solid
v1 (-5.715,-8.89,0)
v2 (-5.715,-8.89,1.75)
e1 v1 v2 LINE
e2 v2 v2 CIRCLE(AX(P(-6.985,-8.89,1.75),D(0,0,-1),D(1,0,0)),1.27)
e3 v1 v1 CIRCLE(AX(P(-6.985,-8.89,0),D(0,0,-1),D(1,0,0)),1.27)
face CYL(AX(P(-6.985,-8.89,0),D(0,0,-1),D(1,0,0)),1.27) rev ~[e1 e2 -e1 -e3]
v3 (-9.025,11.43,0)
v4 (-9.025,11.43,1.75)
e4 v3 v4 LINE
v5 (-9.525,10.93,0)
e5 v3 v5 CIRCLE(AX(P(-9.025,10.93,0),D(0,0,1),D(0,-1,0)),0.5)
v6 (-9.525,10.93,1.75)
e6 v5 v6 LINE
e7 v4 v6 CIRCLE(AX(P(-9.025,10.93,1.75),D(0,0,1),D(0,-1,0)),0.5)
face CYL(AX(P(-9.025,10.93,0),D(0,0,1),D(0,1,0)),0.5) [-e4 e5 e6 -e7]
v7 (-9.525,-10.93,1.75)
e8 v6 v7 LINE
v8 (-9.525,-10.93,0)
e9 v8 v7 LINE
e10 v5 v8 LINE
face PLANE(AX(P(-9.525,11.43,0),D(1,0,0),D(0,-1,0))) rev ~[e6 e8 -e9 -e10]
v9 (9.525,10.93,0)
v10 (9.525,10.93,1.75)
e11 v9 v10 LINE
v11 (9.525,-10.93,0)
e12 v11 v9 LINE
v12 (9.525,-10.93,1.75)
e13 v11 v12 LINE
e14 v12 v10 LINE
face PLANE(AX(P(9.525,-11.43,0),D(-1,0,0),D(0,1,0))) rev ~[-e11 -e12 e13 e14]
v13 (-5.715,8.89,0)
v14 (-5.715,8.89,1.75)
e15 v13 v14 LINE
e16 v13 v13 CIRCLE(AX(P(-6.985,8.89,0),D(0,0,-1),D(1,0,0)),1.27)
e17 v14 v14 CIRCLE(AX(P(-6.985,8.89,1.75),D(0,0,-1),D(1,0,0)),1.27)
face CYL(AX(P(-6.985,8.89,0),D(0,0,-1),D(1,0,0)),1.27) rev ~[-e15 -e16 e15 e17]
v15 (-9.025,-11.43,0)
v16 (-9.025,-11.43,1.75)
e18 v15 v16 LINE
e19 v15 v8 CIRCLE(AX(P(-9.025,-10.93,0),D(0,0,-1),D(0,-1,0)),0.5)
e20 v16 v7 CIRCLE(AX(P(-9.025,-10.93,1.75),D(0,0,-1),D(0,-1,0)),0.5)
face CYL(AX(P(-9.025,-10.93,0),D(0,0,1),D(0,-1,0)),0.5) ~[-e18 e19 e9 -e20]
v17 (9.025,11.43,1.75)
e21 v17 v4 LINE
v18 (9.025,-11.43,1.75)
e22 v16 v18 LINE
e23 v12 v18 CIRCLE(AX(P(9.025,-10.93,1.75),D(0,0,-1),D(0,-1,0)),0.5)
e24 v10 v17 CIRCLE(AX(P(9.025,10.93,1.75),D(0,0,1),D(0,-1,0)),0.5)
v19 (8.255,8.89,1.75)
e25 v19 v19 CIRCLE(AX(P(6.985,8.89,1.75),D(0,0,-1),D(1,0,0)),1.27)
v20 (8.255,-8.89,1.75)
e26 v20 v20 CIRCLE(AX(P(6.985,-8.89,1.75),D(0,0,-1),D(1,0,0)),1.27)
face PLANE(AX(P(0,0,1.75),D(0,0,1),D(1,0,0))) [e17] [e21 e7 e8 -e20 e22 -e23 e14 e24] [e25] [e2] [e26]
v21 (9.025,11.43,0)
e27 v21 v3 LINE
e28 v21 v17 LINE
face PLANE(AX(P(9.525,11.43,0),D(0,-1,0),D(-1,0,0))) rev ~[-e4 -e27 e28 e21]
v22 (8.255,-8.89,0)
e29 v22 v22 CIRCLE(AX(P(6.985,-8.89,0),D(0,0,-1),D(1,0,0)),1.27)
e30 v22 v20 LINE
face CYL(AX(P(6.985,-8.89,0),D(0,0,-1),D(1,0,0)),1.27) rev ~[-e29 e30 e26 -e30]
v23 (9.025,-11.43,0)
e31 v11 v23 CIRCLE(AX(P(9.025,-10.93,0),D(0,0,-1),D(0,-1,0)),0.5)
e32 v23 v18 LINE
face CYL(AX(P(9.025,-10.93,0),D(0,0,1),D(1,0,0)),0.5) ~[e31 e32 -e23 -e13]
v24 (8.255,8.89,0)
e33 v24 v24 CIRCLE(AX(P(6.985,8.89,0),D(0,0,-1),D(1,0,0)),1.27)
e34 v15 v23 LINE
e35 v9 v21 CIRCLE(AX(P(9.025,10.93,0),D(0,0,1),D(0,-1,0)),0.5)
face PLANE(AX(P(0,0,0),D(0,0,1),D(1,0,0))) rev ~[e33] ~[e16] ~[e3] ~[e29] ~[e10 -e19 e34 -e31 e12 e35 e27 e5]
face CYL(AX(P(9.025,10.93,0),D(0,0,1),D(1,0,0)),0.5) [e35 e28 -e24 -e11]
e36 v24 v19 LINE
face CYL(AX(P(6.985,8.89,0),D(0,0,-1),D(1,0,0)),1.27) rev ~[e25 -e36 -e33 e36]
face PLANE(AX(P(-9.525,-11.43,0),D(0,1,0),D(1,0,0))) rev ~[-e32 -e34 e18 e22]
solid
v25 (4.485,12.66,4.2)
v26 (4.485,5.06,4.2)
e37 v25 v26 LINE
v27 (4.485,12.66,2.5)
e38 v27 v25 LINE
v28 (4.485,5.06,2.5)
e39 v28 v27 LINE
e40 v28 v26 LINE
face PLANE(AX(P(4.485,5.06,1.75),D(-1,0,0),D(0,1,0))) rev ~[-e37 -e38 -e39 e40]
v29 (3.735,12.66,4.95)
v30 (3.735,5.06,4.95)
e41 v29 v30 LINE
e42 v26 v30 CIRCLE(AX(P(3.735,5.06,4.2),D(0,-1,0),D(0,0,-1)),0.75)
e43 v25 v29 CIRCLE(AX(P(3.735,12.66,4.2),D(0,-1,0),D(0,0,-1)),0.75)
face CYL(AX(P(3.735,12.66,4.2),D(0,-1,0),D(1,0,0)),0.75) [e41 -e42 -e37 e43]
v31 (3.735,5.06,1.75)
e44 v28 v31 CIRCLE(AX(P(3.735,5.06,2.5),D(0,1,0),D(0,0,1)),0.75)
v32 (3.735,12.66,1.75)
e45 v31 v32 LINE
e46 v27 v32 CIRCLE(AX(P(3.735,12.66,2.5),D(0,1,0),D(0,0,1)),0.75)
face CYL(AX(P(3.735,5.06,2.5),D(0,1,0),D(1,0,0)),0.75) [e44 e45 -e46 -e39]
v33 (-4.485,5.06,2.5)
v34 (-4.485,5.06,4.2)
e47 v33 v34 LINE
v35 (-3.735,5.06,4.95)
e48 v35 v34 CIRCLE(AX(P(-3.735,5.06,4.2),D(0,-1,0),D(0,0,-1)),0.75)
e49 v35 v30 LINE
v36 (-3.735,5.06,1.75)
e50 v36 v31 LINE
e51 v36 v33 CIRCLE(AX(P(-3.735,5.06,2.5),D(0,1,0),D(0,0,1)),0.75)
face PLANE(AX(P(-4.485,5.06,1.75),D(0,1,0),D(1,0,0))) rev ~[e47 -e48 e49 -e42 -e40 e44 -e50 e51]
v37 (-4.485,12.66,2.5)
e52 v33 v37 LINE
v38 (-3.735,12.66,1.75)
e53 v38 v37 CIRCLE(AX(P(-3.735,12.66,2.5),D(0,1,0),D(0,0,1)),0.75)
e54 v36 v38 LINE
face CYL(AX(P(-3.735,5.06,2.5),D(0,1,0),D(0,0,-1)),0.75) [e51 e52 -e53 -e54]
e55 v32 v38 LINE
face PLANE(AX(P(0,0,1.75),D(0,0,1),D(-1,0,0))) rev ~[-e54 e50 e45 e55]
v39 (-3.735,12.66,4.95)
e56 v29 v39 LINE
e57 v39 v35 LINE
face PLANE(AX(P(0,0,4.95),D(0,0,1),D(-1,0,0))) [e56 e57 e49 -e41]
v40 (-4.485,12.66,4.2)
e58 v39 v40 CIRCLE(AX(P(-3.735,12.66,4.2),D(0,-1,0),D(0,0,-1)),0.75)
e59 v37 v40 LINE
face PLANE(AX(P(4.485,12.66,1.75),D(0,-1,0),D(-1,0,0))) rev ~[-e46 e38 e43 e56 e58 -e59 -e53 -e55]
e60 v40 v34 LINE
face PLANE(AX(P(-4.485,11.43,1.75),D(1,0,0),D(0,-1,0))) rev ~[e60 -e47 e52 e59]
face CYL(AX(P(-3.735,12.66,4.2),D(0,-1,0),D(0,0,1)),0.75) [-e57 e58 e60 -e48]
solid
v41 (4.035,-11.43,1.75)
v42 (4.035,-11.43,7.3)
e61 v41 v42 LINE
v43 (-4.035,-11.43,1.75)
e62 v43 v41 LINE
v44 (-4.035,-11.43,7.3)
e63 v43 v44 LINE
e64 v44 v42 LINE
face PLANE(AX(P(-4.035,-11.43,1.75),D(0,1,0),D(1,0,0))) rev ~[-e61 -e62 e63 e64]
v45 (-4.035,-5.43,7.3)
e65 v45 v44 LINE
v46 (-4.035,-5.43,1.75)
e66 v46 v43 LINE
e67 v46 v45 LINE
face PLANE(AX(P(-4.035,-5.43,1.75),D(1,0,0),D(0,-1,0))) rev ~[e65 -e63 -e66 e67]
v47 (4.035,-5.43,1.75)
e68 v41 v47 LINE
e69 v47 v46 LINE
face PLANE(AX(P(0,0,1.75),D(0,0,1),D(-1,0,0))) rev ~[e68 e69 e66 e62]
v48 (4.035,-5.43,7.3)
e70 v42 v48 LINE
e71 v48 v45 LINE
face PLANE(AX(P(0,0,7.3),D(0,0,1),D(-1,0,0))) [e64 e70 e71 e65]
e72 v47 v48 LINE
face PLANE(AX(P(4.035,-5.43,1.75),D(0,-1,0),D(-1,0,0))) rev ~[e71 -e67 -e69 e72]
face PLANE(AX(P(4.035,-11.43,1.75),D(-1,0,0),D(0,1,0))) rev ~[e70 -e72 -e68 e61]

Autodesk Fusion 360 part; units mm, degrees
sketch "Sketch1" plane through (0, 0, 0) normal (0, 0, 1) x (1, 0, 0)
  line L0 (9.525, 11.43) -> (-9.525, 11.43)
  line L1 (-9.525, 11.43) -> (-9.525, -11.43)
  line L2 (-9.525, -11.43) -> (9.525, -11.43)
  line L3 (9.525, -11.43) -> (9.525, 11.43)
  line L4 (9.525, 11.43) -> (-9.525, -11.43) construction
  line L5 (-9.525, 11.43) -> (9.525, -11.43) construction
  dimension "d1" = 19.05
  dimension "d2" = 22.86
extrude "Extrude1" add sketch "Sketch1" along normal blind 1.75 makes body 1
sketch "Sketch2" plane through (0, 0, 1.75) normal (0, 0, 1) x (-1, 0, 0)
  line L0 (-9.525, 11.43) -> (-9.525, -11.43)
  line L1 (-9.525, -11.43) -> (9.525, -11.43)
  line L2 (9.525, -11.43) -> (9.525, 11.43)
  line L3 (9.525, 11.43) -> (-9.525, 11.43)
  line L4 (0, 11.43) -> (0, -11.43) construction
  line L5 (4.035, 11.43) -> (-4.035, 11.43)
  line L6 (-4.035, 11.43) -> (-4.035, 5.43)
  line L7 (-4.035, 5.43) -> (4.035, 5.43)
  line L8 (4.035, 5.43) -> (4.035, 11.43)
  dimension "d5" = 6
  dimension "d6" = 8.07
extrude "Extrude2" add sketch "Sketch2" along normal blind 5.55 separate body contours L3 L5 L6 L7 L8 makes body 2
sketch "Sketch3" plane through (0, 0, 1.75) normal (0, 0, 1) x (-1, 0, 0)
  line L0 (-9.525, 11.43) -> (-9.525, -11.43)
  line L1 (-9.525, -11.43) -> (9.525, -11.43)
  line L2 (9.525, -11.43) -> (9.525, 11.43)
  line L3 (9.525, 11.43) -> (-9.525, 11.43)
  line L4 (4.485, -5.06) -> (-4.485, -5.06)
  line L5 (-4.485, -5.06) -> (-4.485, -12.66)
  line L6 (-4.485, -12.66) -> (4.485, -12.66)
  line L7 (4.485, -12.66) -> (4.485, -5.06)
  line L8 (0, -11.43) -> (0, 11.5) construction
  point P0 (0, -12.66)
  dimension "d9" = 7.6
  dimension "d10" = 8.97
  dimension "d11" = 1.23
extrude "Extrude3" add sketch "Sketch3" along normal blind 3.2 separate body contours L1 L4 L5 L7 | L1 L5 L6 L7 makes body 3
fillet "Fillet1" radius 0.75 4 edges at (4.485, 8.86, 4.95) (4.485, 8.86, 1.75) (-4.485, 8.86, 4.95) (-4.485, 8.86, 1.75) on bodies 3
sketch "Sketch4" plane through (0, 0, 0) normal (0, 0, -1) x (1, 0, 0)
  line L0 (9.525, -11.43) -> (9.525, 11.43)
  line L1 (9.525, 11.43) -> (-9.525, 11.43)
  line L2 (-9.525, 11.43) -> (-9.525, -11.43)
  line L3 (-9.525, -11.43) -> (9.525, -11.43)
  circle A0 centre (-6.985, 8.89) radius 1.27
  line L4 (0, 0) -> (0, 11.43)
  line L5 (0, 0) -> (-9.525, 0)
  circle A1 centre (6.985, 8.89) radius 1.27
  circle A2 centre (6.985, -8.89) radius 1.27
  circle A3 centre (-6.985, -8.89) radius 1.27
  dimension "d15" = 2.54
  dimension "d21" = 13.97
  dimension "d22" = 17.78
extrude "Extrude4" cut sketch "Sketch4" against normal up to surface (1.75 mm away) contours A0 | A1 | A2 | A3 bodies 1
fillet "Fillet2" radius 0.5 4 edges at (9.525, -11.43, 0.875) (-9.525, -11.43, 0.875) (-9.525, 11.43, 0.875) (9.525, 11.43, 0.875) on bodies 1
